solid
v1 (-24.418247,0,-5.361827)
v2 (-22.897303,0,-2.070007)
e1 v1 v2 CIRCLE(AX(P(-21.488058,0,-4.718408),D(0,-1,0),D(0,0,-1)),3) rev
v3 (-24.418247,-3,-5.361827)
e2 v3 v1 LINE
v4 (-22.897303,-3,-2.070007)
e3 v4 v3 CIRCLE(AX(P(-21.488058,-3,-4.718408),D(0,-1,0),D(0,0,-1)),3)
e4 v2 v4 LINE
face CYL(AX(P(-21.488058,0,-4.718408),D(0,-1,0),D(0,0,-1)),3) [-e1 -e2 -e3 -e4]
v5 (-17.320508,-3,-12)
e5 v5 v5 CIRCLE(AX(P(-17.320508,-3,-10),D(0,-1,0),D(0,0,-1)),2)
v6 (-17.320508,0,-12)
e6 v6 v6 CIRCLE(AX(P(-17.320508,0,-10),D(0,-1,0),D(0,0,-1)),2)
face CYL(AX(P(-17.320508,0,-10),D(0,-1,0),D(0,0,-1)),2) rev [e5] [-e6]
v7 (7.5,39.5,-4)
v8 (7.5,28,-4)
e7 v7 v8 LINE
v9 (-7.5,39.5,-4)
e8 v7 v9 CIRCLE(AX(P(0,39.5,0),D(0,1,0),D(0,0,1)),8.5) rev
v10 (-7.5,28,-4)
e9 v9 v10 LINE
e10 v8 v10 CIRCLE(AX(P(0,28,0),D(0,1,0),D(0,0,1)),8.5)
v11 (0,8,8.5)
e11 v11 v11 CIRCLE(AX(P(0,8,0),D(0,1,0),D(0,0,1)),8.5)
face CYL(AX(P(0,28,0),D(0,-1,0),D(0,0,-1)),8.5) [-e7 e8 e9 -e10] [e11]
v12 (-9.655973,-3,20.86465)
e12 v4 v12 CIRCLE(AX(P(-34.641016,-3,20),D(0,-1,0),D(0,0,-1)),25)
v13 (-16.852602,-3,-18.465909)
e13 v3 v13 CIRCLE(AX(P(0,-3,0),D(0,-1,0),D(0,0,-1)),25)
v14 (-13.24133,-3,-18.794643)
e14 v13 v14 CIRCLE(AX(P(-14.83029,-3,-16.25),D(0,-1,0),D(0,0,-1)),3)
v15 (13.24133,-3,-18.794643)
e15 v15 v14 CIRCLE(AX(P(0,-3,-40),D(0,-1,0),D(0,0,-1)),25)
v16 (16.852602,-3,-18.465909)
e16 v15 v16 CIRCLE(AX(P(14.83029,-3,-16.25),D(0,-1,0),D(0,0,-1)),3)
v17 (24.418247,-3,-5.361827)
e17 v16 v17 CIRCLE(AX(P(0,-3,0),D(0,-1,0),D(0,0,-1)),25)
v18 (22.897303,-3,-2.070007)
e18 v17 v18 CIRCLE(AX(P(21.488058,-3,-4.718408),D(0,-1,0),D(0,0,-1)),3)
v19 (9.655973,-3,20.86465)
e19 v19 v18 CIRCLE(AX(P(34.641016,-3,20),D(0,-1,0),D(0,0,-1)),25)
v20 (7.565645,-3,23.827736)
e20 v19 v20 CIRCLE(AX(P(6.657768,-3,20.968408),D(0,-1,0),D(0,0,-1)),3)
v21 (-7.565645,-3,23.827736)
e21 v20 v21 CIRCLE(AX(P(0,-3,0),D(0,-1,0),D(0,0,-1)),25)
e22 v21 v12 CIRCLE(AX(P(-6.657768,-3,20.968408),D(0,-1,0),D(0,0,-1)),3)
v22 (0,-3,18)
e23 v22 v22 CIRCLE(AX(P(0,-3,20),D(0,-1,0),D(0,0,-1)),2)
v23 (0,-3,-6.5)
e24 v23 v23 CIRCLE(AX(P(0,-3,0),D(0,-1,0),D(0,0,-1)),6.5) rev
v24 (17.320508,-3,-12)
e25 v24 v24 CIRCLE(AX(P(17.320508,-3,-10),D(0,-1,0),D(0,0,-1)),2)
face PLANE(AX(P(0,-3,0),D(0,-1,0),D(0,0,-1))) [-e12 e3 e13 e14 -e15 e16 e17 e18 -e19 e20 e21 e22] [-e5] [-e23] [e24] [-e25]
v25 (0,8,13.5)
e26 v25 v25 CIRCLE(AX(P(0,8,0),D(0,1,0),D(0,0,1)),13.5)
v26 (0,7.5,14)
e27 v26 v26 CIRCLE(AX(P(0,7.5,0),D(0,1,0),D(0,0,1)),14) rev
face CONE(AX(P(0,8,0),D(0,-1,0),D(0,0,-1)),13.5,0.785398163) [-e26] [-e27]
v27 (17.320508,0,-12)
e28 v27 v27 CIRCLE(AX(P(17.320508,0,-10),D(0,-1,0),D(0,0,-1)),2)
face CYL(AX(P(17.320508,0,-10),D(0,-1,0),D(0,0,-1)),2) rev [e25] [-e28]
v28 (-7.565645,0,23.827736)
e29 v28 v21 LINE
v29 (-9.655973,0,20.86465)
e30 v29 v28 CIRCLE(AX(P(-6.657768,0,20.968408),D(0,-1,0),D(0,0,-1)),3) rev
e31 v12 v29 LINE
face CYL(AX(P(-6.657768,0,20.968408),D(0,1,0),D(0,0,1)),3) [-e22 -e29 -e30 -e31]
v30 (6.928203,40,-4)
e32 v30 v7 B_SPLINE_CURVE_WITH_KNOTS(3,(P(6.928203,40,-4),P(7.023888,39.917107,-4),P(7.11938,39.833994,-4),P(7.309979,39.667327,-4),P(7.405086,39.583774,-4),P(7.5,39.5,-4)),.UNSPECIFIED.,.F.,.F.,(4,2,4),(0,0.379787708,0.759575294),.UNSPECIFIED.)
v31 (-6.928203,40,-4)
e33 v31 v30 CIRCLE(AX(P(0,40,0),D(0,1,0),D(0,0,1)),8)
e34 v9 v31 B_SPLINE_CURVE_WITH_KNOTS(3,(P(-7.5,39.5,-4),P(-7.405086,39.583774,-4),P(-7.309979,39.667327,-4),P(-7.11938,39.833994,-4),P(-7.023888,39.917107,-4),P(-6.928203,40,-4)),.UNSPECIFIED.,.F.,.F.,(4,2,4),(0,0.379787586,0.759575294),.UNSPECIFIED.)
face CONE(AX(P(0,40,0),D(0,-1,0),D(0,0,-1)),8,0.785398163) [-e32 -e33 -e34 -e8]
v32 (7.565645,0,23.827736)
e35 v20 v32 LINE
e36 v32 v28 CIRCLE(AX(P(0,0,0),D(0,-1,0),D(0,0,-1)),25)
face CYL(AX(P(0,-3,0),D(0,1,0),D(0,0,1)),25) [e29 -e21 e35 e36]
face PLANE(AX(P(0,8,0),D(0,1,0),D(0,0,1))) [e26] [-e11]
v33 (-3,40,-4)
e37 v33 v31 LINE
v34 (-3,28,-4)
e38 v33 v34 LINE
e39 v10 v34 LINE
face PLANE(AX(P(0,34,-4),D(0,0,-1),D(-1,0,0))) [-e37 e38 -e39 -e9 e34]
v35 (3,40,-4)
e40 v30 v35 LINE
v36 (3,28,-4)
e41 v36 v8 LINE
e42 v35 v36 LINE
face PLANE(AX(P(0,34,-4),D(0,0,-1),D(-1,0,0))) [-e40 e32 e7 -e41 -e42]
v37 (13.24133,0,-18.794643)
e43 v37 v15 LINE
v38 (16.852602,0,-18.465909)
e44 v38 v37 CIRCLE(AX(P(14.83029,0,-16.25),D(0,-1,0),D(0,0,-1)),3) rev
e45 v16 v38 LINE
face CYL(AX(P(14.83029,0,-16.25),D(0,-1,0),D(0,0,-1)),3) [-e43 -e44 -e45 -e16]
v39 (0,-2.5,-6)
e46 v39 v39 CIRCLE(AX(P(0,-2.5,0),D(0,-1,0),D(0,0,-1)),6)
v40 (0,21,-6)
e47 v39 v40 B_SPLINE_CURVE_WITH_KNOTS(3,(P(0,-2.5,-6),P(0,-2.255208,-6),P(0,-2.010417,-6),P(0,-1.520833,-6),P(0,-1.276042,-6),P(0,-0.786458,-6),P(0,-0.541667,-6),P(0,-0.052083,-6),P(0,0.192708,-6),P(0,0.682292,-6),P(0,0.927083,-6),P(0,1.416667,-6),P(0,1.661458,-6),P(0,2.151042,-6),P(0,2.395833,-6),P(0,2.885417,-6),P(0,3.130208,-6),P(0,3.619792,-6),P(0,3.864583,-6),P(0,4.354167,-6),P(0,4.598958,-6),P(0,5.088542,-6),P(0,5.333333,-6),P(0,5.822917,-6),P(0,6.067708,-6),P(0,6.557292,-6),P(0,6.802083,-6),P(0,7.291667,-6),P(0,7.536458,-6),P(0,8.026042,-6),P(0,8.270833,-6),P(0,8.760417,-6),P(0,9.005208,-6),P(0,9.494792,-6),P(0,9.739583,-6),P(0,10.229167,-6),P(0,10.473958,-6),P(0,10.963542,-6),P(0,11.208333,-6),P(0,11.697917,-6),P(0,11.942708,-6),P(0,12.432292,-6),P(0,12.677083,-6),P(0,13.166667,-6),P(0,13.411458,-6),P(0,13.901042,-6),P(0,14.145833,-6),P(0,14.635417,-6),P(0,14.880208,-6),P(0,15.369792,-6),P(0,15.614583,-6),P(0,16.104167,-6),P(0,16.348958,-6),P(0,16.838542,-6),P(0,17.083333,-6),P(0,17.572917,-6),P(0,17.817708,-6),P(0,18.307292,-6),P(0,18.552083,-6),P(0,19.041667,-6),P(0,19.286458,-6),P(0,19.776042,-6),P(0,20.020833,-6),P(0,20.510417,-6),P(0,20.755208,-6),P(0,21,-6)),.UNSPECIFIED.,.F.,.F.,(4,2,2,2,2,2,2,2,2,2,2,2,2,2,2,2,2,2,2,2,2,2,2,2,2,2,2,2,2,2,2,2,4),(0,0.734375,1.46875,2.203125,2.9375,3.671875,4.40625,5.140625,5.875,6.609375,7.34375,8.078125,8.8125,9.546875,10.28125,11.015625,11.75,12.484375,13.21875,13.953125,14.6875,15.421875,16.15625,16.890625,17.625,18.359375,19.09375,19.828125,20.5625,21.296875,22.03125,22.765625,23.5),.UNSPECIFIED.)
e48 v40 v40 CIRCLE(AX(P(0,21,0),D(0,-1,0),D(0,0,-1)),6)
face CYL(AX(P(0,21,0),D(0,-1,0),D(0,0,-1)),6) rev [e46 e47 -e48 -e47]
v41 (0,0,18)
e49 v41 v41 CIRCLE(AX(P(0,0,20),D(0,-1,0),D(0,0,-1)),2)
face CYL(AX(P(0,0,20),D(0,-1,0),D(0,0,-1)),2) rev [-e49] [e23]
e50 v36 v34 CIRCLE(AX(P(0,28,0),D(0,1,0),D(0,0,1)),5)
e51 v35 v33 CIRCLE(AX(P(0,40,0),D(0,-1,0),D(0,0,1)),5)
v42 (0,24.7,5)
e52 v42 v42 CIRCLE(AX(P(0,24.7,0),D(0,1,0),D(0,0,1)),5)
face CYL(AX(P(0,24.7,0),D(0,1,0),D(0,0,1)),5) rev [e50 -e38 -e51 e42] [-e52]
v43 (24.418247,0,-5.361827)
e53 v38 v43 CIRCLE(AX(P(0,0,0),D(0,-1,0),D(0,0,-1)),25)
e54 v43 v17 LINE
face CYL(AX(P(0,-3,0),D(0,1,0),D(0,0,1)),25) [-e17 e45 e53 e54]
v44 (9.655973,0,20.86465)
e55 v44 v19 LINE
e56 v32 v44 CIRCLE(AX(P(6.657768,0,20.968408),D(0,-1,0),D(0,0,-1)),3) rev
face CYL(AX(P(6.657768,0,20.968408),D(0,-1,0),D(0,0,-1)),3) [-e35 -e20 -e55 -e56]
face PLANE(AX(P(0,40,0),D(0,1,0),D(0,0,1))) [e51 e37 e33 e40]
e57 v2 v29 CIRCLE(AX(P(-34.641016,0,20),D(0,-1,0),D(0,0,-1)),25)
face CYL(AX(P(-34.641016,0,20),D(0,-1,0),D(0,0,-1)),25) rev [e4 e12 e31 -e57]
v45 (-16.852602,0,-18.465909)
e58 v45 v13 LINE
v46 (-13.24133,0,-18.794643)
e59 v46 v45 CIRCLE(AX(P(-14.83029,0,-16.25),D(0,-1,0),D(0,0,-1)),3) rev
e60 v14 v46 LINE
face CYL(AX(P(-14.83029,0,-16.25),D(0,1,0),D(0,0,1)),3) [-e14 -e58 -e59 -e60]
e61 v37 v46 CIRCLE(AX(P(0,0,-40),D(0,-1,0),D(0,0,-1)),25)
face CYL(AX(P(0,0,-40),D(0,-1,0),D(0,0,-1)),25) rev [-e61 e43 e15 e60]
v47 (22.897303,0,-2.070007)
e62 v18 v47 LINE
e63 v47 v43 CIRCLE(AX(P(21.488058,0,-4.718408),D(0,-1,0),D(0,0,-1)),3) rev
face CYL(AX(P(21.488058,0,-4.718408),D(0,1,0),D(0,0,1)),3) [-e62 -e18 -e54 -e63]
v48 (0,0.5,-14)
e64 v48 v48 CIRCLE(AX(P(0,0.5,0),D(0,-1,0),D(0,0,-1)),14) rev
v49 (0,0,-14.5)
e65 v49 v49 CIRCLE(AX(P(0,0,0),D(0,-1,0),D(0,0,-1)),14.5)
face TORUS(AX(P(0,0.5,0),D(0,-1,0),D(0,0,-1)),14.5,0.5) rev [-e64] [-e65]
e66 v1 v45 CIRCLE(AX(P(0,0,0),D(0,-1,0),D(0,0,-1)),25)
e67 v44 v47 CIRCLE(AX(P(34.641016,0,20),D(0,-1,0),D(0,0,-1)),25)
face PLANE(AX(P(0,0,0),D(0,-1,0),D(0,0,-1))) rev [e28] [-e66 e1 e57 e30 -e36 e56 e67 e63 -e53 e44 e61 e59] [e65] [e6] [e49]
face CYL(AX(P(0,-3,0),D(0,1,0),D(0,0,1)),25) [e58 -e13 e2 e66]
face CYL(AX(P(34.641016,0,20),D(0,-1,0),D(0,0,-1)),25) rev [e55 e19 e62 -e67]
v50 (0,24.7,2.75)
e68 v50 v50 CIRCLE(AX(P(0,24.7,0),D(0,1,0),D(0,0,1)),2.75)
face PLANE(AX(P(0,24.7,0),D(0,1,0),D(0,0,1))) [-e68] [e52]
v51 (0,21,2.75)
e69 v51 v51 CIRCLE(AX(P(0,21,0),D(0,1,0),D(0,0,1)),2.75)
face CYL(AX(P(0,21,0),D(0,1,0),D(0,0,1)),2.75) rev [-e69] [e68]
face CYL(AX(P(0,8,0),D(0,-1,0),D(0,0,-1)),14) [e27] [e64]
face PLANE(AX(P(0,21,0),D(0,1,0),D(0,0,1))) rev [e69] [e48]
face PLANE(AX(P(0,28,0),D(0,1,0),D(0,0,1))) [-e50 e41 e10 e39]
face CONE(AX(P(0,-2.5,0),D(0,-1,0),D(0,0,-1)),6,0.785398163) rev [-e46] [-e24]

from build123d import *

# Parameters (mm, degrees)
SKETCH_2_R          = 14
EXTRUDE_1_DEPTH     = 8
SKETCH_3_R          = 8.5
EXTRUDE_2_DEPTH     = 20
SKETCH_4_R          = 5
CUT_EXTRUDE_1_DEPTH = 45
EXTRUDE_START       = -7
SKETCH_5_R          = 5
SKETCH_5_R_2        = 2.75
EXTRUDE_3_DEPTH     = 7
CUT_EXTRUDE_START   = -3.3
SKETCH_6_R          = 5
SKETCH_6_R_2        = 2.75
CUT_EXTRUDE_2_DEPTH = 3.3
EXTRUDE_4_DEPTH     = 6
SKETCH_9_R          = 6
CUT_EXTRUDE_5_DEPTH = 21
CHAMFER_5_SIZE      = 0.5
SKETCH_21_R         = 25
EXTRUDE_5_DEPTH     = 3
SKETCH_22_R         = 2.0000000000000004
SKETCH_22_R_2       = 25
SKETCH_22_R_3       = 2.0000000000000027
SKETCH_22_R_4       = 1.9999999999999996
SKETCH_22_R_5       = 25.000000000000004
CUT_EXTRUDE_7_DEPTH = 3
FILLET_2_R          = 3
FILLET_3_R          = 0.5
SKETCH_23_R         = 6
CUT_EXTRUDE_8_DEPTH = 3
CHAMFER_7_SIZE      = 0.5
EXTRUDE_6_DEPTH     = 6
CHAMFER_8_SIZE      = 0.5


with BuildPart() as part:
    # 草图2 → 凸台-拉伸1 (new body)
    with BuildSketch(Plane(origin=(0, 0, 0), x_dir=(1, 0, 0), z_dir=(0, 1, 0))):
        Circle(SKETCH_2_R)
    extrude(amount=EXTRUDE_1_DEPTH)

    # 草图3 → 凸台-拉伸2 (add)
    with BuildSketch(Plane(origin=(0, 8, 0), x_dir=(1, 0, 0), z_dir=(0, 1, 0))):
        Circle(SKETCH_3_R)
    extrude(amount=EXTRUDE_2_DEPTH)

    # 草图4 → 切除-拉伸1 (cut)
    with BuildSketch(Plane.XZ):
        Circle(SKETCH_4_R)
    extrude(amount=-CUT_EXTRUDE_1_DEPTH, mode=Mode.SUBTRACT)

    # 草图5 → 凸台-拉伸3 (add)
    with BuildSketch(Plane(origin=(0, 28, 0), x_dir=(1, 0, 0), z_dir=(0, 1, 0)).offset(EXTRUDE_START)):
        Circle(SKETCH_5_R)
        Circle(SKETCH_5_R_2, mode=Mode.SUBTRACT)
    extrude(amount=EXTRUDE_3_DEPTH)

    # 草图6 → 切除-拉伸2 (cut)
    with BuildSketch(Plane(origin=(0, 28, 0), x_dir=(1, 0, 0), z_dir=(0, 1, 0)).offset(CUT_EXTRUDE_START)):
        Circle(SKETCH_6_R)
        Circle(SKETCH_6_R_2, mode=Mode.SUBTRACT)
    extrude(amount=CUT_EXTRUDE_2_DEPTH, mode=Mode.SUBTRACT)

    # 草图8 → 凸台-拉伸4 (add)
    with BuildSketch(Plane(origin=(0, 28, 0), x_dir=(1, 0, 0), z_dir=(0, 1, 0))):
        with BuildLine():
            Line((-3.000000000000001, 4), (-7.500000000000001, 4))
            ThreePointArc((-7.500000000000001, 4), (8.9e-16, -8.5), (7.5, 4.000000000000002))
            Line((7.500000000000001, 4), (3.0000000000000027, 4))
            ThreePointArc((3.0000000000000018, 3.9999999999999982), (4.4721359549995805, 2.236067977499788), (5, -2.16e-15))
            ThreePointArc((5, -2.16e-15), (-2.2360679774997885, -4.472135954999579), (-3.000000000000001, 3.999999999999998))
        make_face()
    extrude(amount=EXTRUDE_4_DEPTH)

    # 草图9 → 切除-拉伸5 (cut)
    with BuildSketch(Plane.XZ):
        Circle(SKETCH_9_R)
    extrude(amount=-CUT_EXTRUDE_5_DEPTH, mode=Mode.SUBTRACT)

    # 倒角5
    chamfer_5_edges = [part.edges().sort_by_distance(p)[0] for p in [
        (-14, 8, -1.71e-15),
    ]]
    chamfer(chamfer_5_edges, length=CHAMFER_5_SIZE)

    # 草图21 → 凸台-拉伸5 (add)
    with BuildSketch(Plane.XZ):
        Circle(SKETCH_21_R)
    extrude(amount=EXTRUDE_5_DEPTH)

    # 草图22 → 切除-拉伸7 (cut)
    with BuildSketch(Plane.XZ.offset(3)):
        with Locations((0, 20)):
            Circle(SKETCH_22_R)
        with Locations((0, -40)):
            Circle(SKETCH_22_R_2)
        with Locations((17.320508075688732, -10.00000000000008)):
            Circle(SKETCH_22_R_3)
        with Locations((-34.641016151377464, 20.000000000000163)):
            Circle(SKETCH_22_R_2)
        with Locations((-17.32050807568886, -9.999999999999838)):
            Circle(SKETCH_22_R_4)
        with Locations((34.64101615137774, 19.999999999999677)):
            Circle(SKETCH_22_R_5)
    extrude(amount=-CUT_EXTRUDE_7_DEPTH, mode=Mode.SUBTRACT)

    # 圆角2
    fillet_2_edges = [part.edges().sort_by_distance(p)[0] for p in [
        (-24.820508075688785, -1.5, -2.9903810567664557),
        (-14.999999999999996, -1.5, -20),
        (14.999999999999996, -1.5, -20),
        (24.820508075688743, -1.5, -2.990381056766811),
        (9.820508075688991, -1.5, 22.990381056766484),
        (-9.820508075688677, -1.5, 22.99038105676662),
    ]]
    fillet(fillet_2_edges, radius=FILLET_2_R)

    # 圆角3
    fillet_3_edges = [part.edges().sort_by_distance(p)[0] for p in [
        (-14, 0, -1.71e-15),
    ]]
    fillet(fillet_3_edges, radius=FILLET_3_R)

    # 草图23 → 切除-拉伸8 (cut)
    with BuildSketch(Plane.XZ.offset(3)):
        Circle(SKETCH_23_R)
    extrude(amount=-CUT_EXTRUDE_8_DEPTH, mode=Mode.SUBTRACT)

    # 倒角7
    chamfer_7_edges = [part.edges().sort_by_distance(p)[0] for p in [
        (-6, -3, 7.3e-16),
    ]]
    chamfer(chamfer_7_edges, length=CHAMFER_7_SIZE)

    # 草图24 → 凸台-拉伸6 (add)
    with BuildSketch(Plane(origin=(0, 34, 0), x_dir=(1, 0, 0), z_dir=(0, 1, 0))):
        with BuildLine():
            Line((-7.500000000000001, 4), (-3.000000000000001, 3.9999999999999982))
            ThreePointArc((-3.000000000000001, 3.9999999999999982), (-9.2e-16, -4.999999999999999), (3.000000000000001, 3.9999999999999982))
            Line((3.000000000000001, 3.9999999999999982), (7.500000000000001, 4))
            ThreePointArc((7.500000000000001, 4), (-1.56e-15, -8.5), (-7.500000000000001, 4))
        make_face()
    extrude(amount=EXTRUDE_6_DEPTH)

    # 倒角8
    chamfer_8_edges = [part.edges().sort_by_distance(p)[0] for p in [
        (-8.9e-16, 40, 8.5),
    ]]
    chamfer(chamfer_8_edges, length=CHAMFER_8_SIZE)


solid = part.part
